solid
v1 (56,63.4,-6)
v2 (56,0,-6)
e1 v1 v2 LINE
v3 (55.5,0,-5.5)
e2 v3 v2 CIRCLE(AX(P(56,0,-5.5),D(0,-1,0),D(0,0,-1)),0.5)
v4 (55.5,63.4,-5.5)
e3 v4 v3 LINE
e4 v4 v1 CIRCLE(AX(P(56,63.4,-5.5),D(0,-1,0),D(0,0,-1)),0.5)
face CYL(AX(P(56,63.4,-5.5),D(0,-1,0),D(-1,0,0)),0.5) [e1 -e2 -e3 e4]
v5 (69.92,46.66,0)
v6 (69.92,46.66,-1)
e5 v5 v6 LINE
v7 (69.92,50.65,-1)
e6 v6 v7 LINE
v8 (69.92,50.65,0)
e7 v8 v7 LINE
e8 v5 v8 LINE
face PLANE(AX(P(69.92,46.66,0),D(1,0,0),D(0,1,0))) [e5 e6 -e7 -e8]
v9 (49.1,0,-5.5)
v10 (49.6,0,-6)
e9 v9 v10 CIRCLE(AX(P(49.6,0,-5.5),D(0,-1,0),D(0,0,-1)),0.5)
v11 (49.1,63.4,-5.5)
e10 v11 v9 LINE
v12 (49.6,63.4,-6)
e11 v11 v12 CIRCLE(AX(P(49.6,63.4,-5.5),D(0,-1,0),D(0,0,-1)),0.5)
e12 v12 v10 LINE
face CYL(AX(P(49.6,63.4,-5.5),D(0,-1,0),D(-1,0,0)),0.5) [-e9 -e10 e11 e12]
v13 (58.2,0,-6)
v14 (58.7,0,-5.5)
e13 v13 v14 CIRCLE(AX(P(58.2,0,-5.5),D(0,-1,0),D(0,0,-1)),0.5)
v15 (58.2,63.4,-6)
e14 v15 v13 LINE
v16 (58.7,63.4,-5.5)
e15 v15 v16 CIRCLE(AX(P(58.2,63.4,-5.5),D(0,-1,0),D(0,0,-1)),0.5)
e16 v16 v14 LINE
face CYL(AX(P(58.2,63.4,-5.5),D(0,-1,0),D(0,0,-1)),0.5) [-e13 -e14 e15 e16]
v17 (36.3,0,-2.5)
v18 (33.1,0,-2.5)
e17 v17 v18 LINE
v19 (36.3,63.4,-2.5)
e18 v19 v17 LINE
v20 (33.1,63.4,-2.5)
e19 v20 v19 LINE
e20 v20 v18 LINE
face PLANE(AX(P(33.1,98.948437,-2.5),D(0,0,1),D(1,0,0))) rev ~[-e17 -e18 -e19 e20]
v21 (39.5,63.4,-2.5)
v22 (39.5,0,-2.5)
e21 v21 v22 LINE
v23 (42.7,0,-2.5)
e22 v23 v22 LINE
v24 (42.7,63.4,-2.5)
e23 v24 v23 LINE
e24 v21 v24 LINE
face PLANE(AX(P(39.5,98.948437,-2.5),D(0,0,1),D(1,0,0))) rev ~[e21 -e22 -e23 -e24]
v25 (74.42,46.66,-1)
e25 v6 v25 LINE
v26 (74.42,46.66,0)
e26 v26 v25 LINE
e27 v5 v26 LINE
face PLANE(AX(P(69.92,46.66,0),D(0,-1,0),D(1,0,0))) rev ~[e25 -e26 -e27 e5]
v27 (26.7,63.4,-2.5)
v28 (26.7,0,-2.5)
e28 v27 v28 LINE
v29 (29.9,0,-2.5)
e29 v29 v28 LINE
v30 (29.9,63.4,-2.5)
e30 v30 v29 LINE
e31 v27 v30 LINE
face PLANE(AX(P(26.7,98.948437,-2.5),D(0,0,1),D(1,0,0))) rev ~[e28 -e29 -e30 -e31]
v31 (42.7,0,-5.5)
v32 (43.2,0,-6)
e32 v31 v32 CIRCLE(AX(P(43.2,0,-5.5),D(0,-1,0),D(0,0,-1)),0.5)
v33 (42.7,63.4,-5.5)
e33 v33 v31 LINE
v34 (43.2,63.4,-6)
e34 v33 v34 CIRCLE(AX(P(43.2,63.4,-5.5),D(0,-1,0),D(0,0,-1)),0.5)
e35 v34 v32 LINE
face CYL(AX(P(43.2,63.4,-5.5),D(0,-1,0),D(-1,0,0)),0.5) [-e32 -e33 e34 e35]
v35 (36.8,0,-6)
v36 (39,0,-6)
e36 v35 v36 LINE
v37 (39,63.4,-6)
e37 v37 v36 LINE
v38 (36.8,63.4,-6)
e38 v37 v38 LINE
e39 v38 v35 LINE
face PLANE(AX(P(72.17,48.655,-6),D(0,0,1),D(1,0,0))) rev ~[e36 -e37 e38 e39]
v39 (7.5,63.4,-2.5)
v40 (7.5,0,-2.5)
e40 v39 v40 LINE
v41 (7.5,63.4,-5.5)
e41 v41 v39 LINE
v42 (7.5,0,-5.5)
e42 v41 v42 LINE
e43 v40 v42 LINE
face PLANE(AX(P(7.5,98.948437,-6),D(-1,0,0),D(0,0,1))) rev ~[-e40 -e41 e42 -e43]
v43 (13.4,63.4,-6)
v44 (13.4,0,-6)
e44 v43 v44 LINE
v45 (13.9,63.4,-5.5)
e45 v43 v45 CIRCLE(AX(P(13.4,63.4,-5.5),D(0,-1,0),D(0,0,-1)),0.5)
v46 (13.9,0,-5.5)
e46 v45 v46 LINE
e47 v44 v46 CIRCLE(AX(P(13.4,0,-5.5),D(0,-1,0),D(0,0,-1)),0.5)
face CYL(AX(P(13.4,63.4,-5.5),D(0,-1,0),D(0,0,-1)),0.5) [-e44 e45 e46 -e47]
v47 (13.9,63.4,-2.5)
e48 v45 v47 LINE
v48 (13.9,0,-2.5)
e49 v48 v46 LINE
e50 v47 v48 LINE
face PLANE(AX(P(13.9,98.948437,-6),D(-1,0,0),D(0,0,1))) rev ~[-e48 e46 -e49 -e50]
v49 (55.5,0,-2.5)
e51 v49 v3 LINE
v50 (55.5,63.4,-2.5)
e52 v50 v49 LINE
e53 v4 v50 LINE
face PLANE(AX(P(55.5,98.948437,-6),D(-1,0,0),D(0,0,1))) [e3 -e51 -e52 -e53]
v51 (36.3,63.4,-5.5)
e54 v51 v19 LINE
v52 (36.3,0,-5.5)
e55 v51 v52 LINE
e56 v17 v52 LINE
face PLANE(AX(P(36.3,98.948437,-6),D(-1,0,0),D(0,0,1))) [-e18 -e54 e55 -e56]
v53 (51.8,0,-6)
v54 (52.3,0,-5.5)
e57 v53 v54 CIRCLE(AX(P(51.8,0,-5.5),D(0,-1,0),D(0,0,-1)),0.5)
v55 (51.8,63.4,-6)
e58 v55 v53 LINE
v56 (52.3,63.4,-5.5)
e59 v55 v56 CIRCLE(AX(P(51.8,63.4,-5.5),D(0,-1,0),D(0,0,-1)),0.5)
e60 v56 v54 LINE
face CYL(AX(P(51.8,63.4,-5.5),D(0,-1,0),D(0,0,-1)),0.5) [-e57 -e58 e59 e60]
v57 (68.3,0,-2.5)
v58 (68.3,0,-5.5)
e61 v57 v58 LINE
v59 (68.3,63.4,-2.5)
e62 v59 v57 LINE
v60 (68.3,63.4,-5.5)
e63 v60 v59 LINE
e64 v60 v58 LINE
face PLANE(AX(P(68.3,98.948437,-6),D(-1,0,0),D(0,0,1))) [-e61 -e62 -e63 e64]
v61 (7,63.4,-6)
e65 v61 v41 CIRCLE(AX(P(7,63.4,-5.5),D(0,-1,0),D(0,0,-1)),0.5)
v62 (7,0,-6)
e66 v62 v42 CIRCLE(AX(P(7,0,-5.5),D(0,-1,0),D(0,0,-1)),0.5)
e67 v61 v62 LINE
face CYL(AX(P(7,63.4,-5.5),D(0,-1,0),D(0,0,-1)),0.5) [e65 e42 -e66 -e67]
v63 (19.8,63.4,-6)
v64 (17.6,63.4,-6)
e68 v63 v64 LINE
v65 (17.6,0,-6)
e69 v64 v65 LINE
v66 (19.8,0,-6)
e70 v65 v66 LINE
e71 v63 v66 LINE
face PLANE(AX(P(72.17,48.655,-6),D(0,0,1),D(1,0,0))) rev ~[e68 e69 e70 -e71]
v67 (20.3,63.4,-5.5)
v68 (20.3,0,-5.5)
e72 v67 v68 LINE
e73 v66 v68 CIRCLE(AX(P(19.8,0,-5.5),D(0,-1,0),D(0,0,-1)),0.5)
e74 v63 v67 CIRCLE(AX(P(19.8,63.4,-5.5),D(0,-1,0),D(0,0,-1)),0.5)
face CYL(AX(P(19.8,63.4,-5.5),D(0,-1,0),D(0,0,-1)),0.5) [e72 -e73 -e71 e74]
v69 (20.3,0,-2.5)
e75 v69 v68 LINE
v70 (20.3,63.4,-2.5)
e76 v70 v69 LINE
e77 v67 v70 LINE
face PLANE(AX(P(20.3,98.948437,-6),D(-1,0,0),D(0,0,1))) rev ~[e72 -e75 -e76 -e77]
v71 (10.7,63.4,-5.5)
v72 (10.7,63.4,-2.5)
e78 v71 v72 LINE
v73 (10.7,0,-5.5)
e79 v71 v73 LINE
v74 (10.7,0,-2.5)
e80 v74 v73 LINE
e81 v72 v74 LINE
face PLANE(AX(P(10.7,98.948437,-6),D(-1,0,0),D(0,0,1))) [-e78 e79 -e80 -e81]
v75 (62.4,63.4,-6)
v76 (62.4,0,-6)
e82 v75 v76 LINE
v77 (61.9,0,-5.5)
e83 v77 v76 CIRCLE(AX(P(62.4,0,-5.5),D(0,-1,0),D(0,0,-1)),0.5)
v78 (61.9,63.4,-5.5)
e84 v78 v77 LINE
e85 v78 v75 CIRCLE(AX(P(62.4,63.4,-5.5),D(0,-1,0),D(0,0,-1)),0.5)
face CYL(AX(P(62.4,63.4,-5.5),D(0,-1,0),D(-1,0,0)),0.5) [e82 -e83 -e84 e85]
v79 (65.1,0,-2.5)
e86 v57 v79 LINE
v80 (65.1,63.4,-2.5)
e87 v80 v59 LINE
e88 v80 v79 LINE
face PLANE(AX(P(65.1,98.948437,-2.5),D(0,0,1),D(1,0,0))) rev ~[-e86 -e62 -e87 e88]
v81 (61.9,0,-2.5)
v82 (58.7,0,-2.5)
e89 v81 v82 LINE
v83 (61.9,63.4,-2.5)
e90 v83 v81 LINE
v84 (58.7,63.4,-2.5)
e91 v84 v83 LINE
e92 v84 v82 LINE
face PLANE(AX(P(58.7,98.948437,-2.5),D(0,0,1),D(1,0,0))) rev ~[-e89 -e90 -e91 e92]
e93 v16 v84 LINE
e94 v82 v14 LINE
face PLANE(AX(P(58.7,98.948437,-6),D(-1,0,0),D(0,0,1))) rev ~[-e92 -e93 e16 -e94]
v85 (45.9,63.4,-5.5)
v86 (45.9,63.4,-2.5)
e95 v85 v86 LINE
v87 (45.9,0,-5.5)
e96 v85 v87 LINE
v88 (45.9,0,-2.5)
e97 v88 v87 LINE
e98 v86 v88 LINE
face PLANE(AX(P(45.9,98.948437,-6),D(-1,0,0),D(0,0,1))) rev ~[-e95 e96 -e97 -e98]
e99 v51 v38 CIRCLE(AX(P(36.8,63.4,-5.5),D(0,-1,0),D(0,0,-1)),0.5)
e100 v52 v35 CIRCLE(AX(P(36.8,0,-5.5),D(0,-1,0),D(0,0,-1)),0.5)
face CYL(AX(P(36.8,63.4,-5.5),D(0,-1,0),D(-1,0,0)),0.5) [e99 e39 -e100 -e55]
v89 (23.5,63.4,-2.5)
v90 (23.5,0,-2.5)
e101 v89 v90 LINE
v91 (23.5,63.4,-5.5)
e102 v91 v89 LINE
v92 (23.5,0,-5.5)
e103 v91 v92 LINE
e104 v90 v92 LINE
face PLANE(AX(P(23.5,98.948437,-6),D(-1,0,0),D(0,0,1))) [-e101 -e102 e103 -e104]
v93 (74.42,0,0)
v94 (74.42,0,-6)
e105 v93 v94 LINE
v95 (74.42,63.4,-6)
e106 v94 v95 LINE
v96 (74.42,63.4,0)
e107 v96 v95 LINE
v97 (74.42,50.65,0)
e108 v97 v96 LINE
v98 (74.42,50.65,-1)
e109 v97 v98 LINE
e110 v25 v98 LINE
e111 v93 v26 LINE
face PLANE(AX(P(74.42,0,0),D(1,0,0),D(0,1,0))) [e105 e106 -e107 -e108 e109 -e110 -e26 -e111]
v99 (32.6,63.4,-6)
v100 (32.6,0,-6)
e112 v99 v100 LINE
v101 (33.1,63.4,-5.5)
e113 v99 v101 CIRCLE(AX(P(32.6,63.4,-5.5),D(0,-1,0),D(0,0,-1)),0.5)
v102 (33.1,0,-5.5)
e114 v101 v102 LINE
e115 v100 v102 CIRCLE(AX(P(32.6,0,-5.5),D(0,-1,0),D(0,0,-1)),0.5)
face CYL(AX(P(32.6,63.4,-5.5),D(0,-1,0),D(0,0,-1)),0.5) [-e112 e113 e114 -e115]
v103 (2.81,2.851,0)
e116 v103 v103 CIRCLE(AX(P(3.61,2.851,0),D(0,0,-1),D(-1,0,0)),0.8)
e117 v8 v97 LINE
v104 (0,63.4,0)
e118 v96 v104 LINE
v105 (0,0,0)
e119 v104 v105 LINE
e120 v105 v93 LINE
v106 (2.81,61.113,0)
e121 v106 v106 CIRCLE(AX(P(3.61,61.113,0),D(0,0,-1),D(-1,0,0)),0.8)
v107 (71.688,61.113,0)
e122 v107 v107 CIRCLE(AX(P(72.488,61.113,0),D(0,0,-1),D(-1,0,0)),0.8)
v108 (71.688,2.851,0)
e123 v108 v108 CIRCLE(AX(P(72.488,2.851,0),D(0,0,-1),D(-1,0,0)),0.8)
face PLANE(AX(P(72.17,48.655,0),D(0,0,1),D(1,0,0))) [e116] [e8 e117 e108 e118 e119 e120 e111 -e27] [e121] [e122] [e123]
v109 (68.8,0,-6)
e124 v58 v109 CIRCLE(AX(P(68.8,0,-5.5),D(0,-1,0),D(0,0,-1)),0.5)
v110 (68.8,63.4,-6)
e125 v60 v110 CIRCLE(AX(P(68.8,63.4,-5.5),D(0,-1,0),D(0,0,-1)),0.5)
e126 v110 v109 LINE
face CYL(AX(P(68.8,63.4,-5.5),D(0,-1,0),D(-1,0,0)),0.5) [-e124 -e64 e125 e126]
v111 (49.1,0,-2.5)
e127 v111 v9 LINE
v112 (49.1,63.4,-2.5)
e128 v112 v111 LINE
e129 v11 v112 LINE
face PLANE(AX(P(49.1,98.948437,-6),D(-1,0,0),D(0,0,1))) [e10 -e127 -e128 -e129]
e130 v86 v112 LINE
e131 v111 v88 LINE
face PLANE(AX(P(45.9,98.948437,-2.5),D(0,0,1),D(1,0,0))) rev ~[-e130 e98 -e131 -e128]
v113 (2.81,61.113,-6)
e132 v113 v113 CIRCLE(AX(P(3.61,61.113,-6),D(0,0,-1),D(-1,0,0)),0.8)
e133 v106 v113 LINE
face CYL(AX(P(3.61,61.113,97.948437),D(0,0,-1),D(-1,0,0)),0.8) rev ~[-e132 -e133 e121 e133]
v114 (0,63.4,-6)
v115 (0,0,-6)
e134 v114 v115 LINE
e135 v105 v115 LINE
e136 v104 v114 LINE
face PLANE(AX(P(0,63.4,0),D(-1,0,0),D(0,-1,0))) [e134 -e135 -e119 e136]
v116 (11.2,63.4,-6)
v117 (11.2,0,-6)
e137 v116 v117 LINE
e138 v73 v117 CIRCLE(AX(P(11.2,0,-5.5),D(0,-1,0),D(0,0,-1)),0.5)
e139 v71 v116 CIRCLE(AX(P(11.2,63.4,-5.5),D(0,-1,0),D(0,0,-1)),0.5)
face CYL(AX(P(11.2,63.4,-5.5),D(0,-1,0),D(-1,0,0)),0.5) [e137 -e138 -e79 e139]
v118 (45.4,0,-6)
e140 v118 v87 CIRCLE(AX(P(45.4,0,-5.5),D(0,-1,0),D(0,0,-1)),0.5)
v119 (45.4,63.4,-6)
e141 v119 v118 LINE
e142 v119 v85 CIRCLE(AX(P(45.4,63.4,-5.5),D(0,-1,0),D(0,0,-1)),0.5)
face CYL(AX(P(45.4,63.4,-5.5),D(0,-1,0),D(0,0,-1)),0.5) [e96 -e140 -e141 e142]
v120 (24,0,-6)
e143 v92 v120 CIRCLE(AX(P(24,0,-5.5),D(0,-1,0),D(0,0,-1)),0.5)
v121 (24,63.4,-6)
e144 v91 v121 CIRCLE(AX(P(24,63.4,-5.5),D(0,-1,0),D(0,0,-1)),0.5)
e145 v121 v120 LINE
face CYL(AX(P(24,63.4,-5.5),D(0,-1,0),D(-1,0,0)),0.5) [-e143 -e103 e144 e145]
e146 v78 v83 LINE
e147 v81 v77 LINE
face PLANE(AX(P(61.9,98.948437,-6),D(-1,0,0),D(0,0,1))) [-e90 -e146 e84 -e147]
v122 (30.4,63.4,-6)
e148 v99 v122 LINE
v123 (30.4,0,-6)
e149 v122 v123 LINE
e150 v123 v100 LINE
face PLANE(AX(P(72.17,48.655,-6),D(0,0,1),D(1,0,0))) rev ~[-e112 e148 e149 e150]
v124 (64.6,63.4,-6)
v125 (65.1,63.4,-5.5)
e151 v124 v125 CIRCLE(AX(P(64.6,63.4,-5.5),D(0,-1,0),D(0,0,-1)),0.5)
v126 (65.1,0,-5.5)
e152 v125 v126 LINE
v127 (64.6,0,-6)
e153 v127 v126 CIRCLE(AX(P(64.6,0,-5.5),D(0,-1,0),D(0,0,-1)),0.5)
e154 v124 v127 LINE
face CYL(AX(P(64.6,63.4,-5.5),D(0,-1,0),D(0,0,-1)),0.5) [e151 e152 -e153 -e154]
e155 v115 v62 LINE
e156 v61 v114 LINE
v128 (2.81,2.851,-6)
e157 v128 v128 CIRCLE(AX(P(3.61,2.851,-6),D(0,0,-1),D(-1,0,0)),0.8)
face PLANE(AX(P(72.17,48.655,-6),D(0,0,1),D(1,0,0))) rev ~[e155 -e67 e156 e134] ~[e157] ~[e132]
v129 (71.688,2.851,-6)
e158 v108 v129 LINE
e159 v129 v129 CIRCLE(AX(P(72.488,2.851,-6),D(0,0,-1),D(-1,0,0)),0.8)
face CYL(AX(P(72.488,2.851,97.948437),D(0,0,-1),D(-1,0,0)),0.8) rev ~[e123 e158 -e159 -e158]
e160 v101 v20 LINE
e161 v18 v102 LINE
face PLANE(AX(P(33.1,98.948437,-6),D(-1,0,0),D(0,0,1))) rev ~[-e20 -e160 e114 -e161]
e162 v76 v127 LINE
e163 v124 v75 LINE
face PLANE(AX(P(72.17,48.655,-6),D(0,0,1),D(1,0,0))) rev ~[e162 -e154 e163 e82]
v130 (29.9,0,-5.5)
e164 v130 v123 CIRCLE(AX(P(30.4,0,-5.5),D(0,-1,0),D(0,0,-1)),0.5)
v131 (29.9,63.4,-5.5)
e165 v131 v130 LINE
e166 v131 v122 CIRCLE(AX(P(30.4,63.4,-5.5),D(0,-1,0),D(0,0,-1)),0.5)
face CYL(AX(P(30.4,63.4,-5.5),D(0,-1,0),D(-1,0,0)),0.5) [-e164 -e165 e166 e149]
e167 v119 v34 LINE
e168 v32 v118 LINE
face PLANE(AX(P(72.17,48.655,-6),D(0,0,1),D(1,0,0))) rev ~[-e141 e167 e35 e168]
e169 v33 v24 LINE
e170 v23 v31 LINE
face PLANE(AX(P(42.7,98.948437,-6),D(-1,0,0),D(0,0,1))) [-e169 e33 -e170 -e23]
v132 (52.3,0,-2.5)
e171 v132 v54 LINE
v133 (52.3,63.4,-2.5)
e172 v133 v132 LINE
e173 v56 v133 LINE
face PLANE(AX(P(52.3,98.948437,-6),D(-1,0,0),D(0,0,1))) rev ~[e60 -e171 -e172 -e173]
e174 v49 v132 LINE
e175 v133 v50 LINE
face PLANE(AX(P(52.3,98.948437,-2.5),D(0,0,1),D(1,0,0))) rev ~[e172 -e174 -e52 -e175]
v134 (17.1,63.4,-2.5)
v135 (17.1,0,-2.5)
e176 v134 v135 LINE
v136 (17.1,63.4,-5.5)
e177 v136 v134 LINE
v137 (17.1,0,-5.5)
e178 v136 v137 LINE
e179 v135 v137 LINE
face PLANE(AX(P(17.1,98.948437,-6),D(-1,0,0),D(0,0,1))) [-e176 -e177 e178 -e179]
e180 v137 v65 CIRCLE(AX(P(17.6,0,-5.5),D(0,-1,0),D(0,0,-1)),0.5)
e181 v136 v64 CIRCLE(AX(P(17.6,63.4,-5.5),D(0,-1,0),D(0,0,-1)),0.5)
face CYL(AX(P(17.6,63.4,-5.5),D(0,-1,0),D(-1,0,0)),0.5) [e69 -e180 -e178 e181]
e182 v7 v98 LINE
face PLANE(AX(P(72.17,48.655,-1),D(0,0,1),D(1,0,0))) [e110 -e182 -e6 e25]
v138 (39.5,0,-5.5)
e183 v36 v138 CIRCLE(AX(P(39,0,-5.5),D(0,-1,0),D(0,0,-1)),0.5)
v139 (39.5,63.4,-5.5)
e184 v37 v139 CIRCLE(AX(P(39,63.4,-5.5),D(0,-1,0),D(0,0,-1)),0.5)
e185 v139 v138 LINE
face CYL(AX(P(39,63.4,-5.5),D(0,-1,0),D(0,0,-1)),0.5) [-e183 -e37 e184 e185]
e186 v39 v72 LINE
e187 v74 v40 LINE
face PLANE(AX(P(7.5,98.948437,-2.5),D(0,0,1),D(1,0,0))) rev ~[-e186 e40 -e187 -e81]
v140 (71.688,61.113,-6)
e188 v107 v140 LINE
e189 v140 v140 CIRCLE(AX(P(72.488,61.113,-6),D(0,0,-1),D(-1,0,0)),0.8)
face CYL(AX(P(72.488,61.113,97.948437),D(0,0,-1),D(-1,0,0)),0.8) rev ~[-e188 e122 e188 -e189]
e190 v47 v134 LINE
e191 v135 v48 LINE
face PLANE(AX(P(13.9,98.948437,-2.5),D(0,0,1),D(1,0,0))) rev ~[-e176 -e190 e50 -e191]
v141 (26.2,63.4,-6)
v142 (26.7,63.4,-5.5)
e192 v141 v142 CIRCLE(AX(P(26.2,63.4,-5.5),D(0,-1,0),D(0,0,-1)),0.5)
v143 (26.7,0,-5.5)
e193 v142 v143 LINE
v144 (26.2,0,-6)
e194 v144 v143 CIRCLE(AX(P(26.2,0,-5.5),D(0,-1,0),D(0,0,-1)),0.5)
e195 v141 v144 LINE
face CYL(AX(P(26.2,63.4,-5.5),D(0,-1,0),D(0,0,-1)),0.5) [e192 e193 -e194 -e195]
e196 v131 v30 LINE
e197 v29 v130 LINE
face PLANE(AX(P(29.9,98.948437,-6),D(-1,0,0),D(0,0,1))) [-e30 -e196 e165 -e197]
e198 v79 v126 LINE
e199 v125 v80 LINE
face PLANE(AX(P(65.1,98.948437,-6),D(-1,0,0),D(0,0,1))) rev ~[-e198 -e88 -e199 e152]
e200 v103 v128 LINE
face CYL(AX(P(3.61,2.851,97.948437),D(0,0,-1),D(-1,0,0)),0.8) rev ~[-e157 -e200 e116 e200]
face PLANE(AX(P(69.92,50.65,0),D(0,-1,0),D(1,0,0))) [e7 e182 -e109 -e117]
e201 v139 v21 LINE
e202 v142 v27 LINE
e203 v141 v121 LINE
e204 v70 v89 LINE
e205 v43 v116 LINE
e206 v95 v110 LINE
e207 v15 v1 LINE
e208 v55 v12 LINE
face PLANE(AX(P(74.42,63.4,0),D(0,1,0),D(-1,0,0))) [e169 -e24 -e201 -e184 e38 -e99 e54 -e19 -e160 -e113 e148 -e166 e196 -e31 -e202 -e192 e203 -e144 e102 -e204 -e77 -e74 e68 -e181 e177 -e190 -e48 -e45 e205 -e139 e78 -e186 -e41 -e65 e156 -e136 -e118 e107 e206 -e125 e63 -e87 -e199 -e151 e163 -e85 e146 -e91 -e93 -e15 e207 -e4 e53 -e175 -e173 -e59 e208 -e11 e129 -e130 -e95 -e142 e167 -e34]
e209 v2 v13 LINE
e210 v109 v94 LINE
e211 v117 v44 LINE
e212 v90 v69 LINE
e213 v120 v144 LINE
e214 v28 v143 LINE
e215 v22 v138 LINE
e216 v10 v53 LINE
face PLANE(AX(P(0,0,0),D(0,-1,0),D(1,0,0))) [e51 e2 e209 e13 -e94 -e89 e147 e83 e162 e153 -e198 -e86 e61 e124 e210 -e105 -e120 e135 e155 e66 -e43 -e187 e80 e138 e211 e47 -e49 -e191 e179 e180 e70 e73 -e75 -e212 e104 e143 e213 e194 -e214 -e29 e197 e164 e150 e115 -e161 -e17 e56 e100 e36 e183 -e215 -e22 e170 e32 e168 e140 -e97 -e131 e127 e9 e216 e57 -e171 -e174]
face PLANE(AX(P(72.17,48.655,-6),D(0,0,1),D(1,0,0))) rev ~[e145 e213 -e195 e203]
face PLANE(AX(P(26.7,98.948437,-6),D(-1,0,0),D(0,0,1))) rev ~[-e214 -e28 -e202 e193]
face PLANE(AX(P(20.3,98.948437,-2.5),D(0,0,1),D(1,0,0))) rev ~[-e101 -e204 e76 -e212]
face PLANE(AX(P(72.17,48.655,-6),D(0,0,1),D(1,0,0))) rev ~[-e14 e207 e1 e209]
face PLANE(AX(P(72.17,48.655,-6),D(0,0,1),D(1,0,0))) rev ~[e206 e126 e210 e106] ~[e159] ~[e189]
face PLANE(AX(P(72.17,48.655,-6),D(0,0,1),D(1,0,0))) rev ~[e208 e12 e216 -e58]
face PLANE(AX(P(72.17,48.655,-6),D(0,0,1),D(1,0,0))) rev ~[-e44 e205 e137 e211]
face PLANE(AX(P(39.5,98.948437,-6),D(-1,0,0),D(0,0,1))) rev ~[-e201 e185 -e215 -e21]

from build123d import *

# Parameters (mm, degrees)
SKETCH_1_W               = 74.42
SKETCH_1_H               = 63.4
EXTRUDE_1_DEPTH          = 6
SKETCH_1_3_W             = 4.5
SKETCH_1_3_H             = 3.99
CUT_EXTRUDE_1_DEPTH      = 1
HOLE_WIZARD_M2_10_D      = 1.6
CUT_EXTRUDE_2_DEPTH      = 98.948437456
CUT_EXTRUDE_2_DEPTH_BACK = 98.948437456
SKETCH_19_W              = 3.2
SKETCH_19_H              = 3.5
FILLET_2_R               = 0.5


with BuildPart() as part:
    # 草图1 → 凸台-拉伸1 (new body)
    with BuildSketch(Plane.XY):
        with Locations((37.21, 31.7)):
            Rectangle(SKETCH_1_W, SKETCH_1_H)
    extrude(amount=-EXTRUDE_1_DEPTH)

    # 草图1<3> → 切除-拉伸1 (cut)
    with BuildSketch(Plane.XY):
        with Locations((72.17, 48.655)):
            Rectangle(SKETCH_1_3_W, SKETCH_1_3_H)
    extrude(amount=-CUT_EXTRUDE_1_DEPTH, mode=Mode.SUBTRACT)

    # M2 螺纹孔10 (through all)
    with Locations(Plane.XY):
        with Locations((3.61, 61.113), (72.488, 61.113), (72.488, 2.851), (3.61, 2.851)):
            Hole(HOLE_WIZARD_M2_10_D / 2)

    # 草图19 → 切除-拉伸2 (cut, two sides: drawn at the far end of the back side and taken through both)
    with BuildSketch(Plane.XZ.offset(-CUT_EXTRUDE_2_DEPTH_BACK)):
        with Locations((66.7, -4.25)):
            Rectangle(SKETCH_19_W, SKETCH_19_H)
        with Locations((60.3, -4.25)):
            Rectangle(SKETCH_19_W, SKETCH_19_H)
        with Locations((53.9, -4.25)):
            Rectangle(SKETCH_19_W, SKETCH_19_H)
        with Locations((47.5, -4.25)):
            Rectangle(SKETCH_19_W, SKETCH_19_H)
        with Locations((41.1, -4.25)):
            Rectangle(SKETCH_19_W, SKETCH_19_H)
        with Locations((34.7, -4.25)):
            Rectangle(SKETCH_19_W, SKETCH_19_H)
        with Locations((28.3, -4.25)):
            Rectangle(SKETCH_19_W, SKETCH_19_H)
        with Locations((21.9, -4.25)):
            Rectangle(SKETCH_19_W, SKETCH_19_H)
        with Locations((15.5, -4.25)):
            Rectangle(SKETCH_19_W, SKETCH_19_H)
        with Locations((9.1, -4.25)):
            Rectangle(SKETCH_19_W, SKETCH_19_H)
    extrude(amount=CUT_EXTRUDE_2_DEPTH + CUT_EXTRUDE_2_DEPTH_BACK, mode=Mode.SUBTRACT)

    # 圆角2
    fillet_2_edges = [part.edges().sort_by_distance(p)[0] for p in [
        (68.3, 31.7, -6),
        (61.9, 31.7, -6),
        (55.5, 31.7, -6),
        (49.1, 31.7, -6),
        (42.7, 31.7, -6),
        (36.3, 31.7, -6),
        (29.9, 31.7, -6),
        (23.5, 31.7, -6),
        (17.1, 31.7, -6),
        (10.7, 31.7, -6),
        (65.1, 31.7, -6),
        (58.7, 31.7, -6),
        (52.3, 31.7, -6),
        (45.9, 31.7, -6),
        (39.5, 31.7, -6),
        (33.1, 31.7, -6),
        (26.7, 31.7, -6),
        (20.3, 31.7, -6),
        (13.9, 31.7, -6),
        (7.5, 31.7, -6),
    ]]
    fillet(fillet_2_edges, radius=FILLET_2_R)


solid = part.part
